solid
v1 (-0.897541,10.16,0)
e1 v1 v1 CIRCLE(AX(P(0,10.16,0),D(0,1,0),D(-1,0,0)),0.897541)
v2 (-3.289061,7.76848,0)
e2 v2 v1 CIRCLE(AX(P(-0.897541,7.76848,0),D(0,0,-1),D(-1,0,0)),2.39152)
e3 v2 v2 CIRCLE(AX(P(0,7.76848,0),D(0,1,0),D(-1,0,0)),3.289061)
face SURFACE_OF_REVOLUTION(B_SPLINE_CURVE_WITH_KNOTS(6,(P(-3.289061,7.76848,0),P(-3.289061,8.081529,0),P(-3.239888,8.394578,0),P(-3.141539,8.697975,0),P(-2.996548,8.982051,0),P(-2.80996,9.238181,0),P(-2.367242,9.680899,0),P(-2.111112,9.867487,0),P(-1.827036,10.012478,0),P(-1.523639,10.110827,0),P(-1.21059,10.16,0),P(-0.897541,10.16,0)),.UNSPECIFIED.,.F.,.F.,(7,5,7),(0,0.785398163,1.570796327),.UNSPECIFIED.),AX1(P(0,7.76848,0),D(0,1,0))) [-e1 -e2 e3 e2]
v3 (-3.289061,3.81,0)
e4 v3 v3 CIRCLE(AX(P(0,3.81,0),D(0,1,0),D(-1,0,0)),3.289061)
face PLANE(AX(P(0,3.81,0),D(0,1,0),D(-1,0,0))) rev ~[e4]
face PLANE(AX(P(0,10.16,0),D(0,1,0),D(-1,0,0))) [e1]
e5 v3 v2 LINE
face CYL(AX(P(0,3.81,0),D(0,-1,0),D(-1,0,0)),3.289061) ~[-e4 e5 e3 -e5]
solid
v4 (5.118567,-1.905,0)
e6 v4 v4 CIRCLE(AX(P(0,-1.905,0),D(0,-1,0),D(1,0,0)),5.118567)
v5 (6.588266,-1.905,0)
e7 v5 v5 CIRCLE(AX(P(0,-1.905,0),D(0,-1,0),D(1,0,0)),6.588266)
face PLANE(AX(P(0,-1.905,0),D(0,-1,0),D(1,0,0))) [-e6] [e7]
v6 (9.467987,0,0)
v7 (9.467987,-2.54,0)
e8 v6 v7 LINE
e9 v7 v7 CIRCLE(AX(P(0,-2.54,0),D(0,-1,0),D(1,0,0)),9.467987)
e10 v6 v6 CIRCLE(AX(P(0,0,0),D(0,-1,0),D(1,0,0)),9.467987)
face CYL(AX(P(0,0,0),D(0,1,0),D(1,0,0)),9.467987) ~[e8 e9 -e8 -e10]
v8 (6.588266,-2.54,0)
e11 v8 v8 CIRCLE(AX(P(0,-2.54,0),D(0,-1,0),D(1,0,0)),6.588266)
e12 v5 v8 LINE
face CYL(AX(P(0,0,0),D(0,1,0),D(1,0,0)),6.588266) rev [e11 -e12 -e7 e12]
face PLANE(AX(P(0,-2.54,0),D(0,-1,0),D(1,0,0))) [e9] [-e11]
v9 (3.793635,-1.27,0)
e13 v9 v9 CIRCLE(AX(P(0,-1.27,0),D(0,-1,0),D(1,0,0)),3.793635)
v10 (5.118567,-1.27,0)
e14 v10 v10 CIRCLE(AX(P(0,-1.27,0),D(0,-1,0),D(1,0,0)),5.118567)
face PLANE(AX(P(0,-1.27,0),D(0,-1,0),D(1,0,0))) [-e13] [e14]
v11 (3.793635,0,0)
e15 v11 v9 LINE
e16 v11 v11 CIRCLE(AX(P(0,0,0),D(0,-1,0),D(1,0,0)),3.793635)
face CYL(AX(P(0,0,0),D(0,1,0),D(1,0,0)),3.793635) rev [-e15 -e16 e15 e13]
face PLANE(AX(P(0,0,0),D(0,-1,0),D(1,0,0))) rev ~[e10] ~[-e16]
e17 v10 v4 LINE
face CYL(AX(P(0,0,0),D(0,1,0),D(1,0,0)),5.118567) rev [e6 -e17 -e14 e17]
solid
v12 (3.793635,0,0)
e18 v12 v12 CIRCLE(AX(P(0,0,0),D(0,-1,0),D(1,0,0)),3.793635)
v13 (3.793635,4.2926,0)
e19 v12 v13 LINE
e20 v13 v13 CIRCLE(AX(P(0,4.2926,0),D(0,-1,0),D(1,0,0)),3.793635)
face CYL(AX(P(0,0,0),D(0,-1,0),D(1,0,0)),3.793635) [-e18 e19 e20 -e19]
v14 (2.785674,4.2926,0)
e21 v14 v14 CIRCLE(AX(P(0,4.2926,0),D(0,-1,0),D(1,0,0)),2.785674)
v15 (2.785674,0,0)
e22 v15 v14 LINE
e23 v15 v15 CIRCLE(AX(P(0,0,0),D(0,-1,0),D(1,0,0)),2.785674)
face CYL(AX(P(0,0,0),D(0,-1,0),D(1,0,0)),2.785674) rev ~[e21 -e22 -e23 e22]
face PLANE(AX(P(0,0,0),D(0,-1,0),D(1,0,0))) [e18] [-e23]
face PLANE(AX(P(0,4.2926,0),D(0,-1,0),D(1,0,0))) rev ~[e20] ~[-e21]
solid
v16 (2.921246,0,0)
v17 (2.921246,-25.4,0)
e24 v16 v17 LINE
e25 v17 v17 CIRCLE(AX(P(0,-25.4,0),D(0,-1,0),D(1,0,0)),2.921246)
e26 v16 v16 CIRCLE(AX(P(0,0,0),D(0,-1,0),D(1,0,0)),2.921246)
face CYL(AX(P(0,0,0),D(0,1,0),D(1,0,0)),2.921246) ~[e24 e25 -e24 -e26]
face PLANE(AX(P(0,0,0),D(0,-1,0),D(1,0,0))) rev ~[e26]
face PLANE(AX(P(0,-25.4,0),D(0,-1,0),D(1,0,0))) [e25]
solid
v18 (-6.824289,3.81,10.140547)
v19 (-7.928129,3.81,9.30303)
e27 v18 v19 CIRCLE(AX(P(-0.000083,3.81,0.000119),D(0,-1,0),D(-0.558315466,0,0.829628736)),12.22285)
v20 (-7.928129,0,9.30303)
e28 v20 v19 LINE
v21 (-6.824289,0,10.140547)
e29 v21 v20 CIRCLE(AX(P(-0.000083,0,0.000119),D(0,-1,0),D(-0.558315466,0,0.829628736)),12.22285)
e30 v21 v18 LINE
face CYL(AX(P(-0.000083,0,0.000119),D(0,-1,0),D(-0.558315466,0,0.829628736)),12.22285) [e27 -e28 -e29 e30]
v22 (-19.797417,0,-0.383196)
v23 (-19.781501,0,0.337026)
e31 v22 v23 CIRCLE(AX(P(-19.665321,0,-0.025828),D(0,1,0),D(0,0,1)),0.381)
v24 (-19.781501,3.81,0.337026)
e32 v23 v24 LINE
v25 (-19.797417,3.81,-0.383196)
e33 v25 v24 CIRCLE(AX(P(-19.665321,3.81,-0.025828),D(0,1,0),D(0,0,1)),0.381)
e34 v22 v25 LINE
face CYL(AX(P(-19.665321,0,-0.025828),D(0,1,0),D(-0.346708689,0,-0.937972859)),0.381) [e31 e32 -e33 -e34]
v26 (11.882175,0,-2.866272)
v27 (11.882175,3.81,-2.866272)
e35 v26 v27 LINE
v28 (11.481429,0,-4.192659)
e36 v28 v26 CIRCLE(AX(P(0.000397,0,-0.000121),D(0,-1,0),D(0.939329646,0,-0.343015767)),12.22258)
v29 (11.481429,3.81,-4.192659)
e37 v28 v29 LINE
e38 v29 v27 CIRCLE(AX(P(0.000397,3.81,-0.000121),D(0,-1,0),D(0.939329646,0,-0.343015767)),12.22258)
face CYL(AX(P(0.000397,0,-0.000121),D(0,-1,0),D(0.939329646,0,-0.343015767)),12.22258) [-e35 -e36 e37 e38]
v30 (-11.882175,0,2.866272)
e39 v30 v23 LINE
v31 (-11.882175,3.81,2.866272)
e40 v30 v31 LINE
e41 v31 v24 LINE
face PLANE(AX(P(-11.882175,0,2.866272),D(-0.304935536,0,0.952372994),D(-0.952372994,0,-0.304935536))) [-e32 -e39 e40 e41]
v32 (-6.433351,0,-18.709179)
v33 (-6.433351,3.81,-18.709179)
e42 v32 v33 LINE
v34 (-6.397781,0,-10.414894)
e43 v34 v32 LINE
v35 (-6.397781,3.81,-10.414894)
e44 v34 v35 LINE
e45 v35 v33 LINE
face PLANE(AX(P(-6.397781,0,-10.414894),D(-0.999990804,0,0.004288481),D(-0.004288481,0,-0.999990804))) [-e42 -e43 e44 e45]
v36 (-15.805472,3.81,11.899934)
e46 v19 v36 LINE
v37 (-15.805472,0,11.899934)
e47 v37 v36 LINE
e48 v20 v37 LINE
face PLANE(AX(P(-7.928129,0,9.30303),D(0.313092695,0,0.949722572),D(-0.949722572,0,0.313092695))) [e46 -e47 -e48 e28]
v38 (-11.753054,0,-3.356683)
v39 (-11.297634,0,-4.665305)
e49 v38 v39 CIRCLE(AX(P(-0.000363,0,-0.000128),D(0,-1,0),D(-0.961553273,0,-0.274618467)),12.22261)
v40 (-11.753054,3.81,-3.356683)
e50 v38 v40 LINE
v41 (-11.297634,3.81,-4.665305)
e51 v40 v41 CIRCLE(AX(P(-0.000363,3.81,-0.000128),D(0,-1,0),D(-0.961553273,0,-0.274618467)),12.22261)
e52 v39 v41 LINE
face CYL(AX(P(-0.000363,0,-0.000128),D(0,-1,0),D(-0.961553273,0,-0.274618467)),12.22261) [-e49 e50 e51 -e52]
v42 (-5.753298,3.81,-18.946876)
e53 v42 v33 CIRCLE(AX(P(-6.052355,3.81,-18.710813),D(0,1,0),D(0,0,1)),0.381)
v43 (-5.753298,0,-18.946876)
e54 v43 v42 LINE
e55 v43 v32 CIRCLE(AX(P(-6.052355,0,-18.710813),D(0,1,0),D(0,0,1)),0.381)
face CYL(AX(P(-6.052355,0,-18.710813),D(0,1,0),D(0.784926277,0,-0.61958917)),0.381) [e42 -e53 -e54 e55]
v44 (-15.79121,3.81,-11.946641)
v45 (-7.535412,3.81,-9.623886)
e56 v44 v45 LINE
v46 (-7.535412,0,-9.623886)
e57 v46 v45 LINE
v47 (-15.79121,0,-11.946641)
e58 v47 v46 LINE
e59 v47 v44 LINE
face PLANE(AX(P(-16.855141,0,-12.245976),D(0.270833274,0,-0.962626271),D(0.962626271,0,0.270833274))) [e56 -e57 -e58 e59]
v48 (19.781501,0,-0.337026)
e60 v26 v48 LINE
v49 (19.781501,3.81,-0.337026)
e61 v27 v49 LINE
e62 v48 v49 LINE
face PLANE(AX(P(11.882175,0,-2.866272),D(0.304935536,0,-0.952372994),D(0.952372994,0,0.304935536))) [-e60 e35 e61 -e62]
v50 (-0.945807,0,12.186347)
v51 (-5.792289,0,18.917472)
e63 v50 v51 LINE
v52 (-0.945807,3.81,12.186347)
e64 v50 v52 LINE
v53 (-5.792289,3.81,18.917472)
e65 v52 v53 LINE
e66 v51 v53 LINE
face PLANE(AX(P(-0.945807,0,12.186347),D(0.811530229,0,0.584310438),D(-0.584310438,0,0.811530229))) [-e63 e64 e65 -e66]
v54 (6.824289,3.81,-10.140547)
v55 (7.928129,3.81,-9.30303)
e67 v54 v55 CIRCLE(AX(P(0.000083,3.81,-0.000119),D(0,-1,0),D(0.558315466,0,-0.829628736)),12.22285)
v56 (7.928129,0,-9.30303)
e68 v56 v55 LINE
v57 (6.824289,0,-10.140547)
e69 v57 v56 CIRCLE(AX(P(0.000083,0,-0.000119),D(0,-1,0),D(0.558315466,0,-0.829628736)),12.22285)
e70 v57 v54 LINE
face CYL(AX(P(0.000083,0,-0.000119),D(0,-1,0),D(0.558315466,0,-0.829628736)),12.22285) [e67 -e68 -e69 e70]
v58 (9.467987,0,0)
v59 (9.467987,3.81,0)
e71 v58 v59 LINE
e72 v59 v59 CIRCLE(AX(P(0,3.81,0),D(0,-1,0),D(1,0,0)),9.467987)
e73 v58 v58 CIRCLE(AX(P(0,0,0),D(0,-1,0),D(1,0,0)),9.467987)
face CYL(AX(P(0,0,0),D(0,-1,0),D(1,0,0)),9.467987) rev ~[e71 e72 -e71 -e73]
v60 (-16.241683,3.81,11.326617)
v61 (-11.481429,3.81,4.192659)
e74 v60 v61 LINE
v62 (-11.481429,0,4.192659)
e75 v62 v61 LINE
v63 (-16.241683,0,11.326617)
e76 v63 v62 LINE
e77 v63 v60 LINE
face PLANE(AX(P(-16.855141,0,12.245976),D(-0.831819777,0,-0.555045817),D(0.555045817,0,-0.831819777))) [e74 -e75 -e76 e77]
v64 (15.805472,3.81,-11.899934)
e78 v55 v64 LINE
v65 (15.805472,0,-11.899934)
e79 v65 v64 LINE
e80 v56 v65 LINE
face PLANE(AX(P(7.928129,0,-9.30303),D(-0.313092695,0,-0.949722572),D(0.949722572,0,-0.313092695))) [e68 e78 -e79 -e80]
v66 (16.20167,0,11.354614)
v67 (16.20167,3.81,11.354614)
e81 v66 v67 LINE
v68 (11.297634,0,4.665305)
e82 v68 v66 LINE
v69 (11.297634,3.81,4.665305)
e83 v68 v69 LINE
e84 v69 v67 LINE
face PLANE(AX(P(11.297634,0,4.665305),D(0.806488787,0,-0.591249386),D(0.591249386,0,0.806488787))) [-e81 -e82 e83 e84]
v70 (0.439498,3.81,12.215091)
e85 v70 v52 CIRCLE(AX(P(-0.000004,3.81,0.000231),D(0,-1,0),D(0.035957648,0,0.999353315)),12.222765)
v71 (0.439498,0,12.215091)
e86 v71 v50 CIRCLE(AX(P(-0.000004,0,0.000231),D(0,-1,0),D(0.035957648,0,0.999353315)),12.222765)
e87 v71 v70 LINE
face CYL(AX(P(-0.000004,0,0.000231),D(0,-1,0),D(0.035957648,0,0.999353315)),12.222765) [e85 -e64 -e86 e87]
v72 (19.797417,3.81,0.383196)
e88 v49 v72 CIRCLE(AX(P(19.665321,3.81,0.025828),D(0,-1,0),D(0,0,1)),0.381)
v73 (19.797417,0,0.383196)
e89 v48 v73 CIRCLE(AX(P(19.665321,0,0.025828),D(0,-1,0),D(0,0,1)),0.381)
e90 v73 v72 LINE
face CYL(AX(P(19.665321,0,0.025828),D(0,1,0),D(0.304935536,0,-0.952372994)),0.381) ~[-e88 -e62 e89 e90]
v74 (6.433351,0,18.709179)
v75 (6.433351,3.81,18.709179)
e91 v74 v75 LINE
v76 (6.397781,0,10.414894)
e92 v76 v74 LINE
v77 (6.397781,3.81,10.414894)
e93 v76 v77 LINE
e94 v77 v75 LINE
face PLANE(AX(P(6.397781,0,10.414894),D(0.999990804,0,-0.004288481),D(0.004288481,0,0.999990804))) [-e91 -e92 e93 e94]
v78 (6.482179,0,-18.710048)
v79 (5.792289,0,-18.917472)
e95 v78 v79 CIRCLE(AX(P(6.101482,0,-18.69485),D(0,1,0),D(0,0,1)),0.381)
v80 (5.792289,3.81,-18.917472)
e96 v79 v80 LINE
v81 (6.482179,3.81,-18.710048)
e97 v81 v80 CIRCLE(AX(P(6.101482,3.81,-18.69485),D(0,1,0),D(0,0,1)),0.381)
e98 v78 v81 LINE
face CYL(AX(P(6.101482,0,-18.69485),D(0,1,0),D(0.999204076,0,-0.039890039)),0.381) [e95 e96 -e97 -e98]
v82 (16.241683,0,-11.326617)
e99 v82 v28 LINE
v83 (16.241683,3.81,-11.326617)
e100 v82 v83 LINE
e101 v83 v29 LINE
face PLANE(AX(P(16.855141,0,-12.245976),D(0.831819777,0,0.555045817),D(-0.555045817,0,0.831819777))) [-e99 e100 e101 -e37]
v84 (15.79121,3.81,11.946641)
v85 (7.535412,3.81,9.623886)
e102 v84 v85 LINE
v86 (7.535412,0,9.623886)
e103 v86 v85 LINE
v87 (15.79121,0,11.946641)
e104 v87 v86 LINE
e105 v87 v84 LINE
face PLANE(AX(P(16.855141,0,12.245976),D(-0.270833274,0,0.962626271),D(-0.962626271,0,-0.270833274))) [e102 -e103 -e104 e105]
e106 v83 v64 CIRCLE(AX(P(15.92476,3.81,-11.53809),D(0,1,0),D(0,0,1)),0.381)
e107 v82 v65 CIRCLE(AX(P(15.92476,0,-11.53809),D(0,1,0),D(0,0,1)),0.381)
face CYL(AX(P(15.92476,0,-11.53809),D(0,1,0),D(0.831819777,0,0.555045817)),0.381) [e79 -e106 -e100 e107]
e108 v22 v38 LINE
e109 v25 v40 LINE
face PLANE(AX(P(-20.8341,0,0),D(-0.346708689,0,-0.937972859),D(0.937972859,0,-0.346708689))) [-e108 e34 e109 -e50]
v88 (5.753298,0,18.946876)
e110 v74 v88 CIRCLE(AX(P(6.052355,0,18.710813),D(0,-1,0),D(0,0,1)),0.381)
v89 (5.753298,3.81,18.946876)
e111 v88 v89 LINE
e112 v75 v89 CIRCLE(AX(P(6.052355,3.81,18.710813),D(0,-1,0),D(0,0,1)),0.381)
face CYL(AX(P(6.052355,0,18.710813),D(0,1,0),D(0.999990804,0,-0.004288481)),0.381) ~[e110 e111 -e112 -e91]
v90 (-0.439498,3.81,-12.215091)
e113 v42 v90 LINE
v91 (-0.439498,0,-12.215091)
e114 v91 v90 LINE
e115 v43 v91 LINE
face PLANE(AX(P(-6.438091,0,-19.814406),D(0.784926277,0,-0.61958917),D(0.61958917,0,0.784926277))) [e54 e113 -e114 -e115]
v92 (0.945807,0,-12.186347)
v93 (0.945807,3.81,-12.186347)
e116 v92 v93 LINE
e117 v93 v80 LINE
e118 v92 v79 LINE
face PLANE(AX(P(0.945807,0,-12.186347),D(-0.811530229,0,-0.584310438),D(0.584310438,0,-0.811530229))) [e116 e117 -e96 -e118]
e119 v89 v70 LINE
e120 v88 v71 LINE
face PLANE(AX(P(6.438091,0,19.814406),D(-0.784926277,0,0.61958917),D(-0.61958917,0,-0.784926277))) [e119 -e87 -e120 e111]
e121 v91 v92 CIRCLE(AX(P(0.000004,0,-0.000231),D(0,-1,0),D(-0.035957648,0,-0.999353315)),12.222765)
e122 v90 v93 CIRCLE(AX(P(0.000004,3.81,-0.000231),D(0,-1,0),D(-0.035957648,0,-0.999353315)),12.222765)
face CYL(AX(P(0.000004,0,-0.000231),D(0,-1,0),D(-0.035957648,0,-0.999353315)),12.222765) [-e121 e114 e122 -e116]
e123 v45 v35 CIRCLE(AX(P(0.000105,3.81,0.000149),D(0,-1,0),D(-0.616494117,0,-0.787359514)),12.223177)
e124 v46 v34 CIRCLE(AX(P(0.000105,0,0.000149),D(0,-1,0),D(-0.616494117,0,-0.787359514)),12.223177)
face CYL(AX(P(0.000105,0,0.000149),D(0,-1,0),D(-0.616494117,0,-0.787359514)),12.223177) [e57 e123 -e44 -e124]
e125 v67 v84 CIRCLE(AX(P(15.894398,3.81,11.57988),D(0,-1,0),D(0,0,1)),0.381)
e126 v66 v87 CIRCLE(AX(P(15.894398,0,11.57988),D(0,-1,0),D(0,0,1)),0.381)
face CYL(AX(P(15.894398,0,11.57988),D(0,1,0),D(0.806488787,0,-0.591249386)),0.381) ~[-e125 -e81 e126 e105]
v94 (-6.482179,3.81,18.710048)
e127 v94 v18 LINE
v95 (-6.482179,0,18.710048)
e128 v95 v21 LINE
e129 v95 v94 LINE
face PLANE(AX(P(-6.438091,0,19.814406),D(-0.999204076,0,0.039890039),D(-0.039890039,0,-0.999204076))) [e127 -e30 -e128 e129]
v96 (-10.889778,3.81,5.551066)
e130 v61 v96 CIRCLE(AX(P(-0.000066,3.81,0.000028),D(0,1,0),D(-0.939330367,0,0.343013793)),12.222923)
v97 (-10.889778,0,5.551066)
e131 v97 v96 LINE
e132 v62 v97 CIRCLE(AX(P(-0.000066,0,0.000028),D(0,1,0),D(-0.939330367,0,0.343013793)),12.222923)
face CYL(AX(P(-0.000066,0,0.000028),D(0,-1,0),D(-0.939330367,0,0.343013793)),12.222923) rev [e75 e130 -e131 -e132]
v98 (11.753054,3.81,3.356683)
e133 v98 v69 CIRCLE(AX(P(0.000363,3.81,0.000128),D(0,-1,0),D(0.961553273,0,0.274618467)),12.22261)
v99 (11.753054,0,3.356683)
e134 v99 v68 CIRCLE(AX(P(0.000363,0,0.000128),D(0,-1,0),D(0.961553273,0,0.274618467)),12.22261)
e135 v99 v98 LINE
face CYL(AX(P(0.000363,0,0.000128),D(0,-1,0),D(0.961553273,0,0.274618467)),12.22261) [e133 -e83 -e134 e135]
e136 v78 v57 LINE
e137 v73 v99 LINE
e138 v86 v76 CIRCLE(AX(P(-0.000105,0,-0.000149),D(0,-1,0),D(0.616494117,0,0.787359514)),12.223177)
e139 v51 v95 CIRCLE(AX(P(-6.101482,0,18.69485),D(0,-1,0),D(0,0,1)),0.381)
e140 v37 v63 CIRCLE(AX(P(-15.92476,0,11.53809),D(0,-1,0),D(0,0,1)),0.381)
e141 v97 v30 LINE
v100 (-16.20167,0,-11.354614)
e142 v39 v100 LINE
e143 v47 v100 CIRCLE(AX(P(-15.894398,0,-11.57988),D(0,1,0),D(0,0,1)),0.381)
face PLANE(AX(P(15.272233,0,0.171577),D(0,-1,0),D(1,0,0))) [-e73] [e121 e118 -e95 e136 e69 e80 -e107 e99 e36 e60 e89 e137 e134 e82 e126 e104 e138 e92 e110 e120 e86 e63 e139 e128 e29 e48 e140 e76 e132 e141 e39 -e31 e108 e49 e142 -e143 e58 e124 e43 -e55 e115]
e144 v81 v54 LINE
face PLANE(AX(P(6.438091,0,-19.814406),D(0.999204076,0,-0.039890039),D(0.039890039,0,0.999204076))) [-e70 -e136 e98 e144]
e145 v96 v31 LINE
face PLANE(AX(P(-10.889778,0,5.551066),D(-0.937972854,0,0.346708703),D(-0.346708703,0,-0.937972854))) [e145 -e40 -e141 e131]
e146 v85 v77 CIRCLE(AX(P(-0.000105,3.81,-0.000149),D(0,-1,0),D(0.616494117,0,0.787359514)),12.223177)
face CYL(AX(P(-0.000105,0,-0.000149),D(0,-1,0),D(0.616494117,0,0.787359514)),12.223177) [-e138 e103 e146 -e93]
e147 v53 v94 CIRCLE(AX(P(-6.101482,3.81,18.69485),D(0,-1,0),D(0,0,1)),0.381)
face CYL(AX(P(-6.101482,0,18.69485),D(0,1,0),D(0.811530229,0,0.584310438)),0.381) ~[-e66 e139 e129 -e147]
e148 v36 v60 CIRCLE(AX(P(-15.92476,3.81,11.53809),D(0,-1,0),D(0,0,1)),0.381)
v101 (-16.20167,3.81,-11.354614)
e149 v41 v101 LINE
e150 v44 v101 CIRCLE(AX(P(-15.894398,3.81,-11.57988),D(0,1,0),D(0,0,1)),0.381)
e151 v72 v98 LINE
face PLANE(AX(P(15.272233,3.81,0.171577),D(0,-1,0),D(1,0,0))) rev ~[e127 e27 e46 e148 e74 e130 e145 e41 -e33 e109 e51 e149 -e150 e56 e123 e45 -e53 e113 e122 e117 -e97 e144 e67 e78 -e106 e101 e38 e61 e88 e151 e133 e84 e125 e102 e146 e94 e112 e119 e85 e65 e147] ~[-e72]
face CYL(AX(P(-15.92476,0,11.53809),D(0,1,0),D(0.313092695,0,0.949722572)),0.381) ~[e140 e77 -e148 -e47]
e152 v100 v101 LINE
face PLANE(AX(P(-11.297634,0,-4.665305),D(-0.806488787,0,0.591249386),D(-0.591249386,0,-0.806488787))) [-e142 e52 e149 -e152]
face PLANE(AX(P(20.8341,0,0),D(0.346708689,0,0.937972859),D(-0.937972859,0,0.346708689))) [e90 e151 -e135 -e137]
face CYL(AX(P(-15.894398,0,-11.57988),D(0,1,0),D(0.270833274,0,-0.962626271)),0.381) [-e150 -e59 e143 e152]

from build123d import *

# Parameters (mm, degrees)
F0_R      = 9.467987
F1_DEPTH  = 3.81
F2_R      = 2.921246
F3_DEPTH  = 25.4
F4_R      = 3.289061
F5_DEPTH  = 6.35
F6_R      = 0.381
F0_R_2    = 6.588266
F7_DEPTH  = 2.54
F0_R_3    = 5.118567
F8_DEPTH  = 1.905
F0_R_4    = 3.793635
F9_DEPTH  = 1.27
F0_R_5    = 2.785674
F10_DEPTH = 4.2926
F11_R     = 2.39152


with BuildPart() as f1:
    # F0 (on Front) → F1 (new body)
    with BuildSketch(Plane.XZ):
        with BuildLine():
            ThreePointArc((11.753054, 3.356683), (12.10494, 1.69471), (12.222995, 0))
            ThreePointArc((12.222995, 0), (12.137491, -1.443232), (11.882175, -2.866272))
            Line((11.882175, -2.866272), (20.8341, 0))
            Line((20.8341, 0), (11.753054, 3.356683))
        make_face()
        with BuildLine():
            ThreePointArc((7.535412, 9.623886), (9.737443, 7.388086), (11.297634, 4.665305))
            Line((11.297634, 4.665305), (16.855141, 12.245976))
            Line((16.855141, 12.245976), (7.535412, 9.623886))
        make_face()
        with BuildLine():
            ThreePointArc((-6.824289, 10.140547), (-4.017452, 11.543903), (-0.945807, 12.186347))
            Line((-0.945807, 12.186347), (-6.438091, 19.814406))
            Line((-6.438091, 19.814406), (-6.824289, 10.140547))
        make_face()
        with BuildLine():
            ThreePointArc((0.439498, 12.215091), (3.535148, 11.700613), (6.397781, 10.414894))
            Line((6.397781, 10.414894), (6.438091, 19.814406))
            Line((6.438091, 19.814406), (0.439498, 12.215091))
        make_face()
        with BuildLine():
            ThreePointArc((-10.889778, 5.551066), (-9.59415, 7.573235), (-7.928129, 9.30303))
            Line((-7.928129, 9.30303), (-16.855141, 12.245976))
            Line((-16.855141, 12.245976), (-11.481429, 4.192659))
            ThreePointArc((-11.481429, 4.192659), (-11.206206, 4.880835), (-10.889778, 5.551066))
        make_face()
        with BuildLine():
            ThreePointArc((-11.753054, -3.356683), (-12.220365, -0.253562), (-11.882175, 2.866272))
            Line((-11.882175, 2.866272), (-20.8341, 0))
            Line((-20.8341, 0), (-11.753054, -3.356683))
        make_face()
        with BuildLine():
            Line((-16.855141, -12.245976), (-7.535412, -9.623886))
            ThreePointArc((-7.535412, -9.623886), (-9.737443, -7.388086), (-11.297634, -4.665305))
            Line((-11.297634, -4.665305), (-16.855141, -12.245976))
        make_face()
        with BuildLine():
            Line((-6.438091, -19.814406), (-0.439498, -12.215091))
            ThreePointArc((-0.439498, -12.215091), (-3.535148, -11.700613), (-6.397781, -10.414894))
            Line((-6.397781, -10.414894), (-6.438091, -19.814406))
        make_face()
        with BuildLine():
            Line((6.438091, -19.814406), (6.824289, -10.140547))
            ThreePointArc((6.824289, -10.140547), (4.017452, -11.543903), (0.945807, -12.186347))
            Line((0.945807, -12.186347), (6.438091, -19.814406))
        make_face()
        with BuildLine():
            Line((16.855141, -12.245976), (11.481429, -4.192659))
            ThreePointArc((11.481429, -4.192659), (10.035523, -6.977814), (7.928129, -9.30303))
            Line((7.928129, -9.30303), (16.855141, -12.245976))
        make_face()
        with BuildLine():
            ThreePointArc((11.882175, -2.866272), (12.137491, -1.443232), (12.222995, 0))
            ThreePointArc((12.222995, 0), (12.10494, 1.69471), (11.753054, 3.356683))
            ThreePointArc((11.753054, 3.356683), (11.543903, 4.017452), (11.297634, 4.665305))
            ThreePointArc((11.297634, 4.665305), (9.737443, 7.388086), (7.535412, 9.623886))
            ThreePointArc((7.535412, 9.623886), (6.977814, 10.035523), (6.397781, 10.414894))
            ThreePointArc((6.397781, 10.414894), (3.535148, 11.700613), (0.439498, 12.215091))
            ThreePointArc((0.439498, 12.215091), (-0.253562, 12.220365), (-0.945807, 12.186347))
            ThreePointArc((-0.945807, 12.186347), (-4.017452, 11.543903), (-6.824289, 10.140547))
            ThreePointArc((-6.824289, 10.140547), (-7.388086, 9.737443), (-7.928129, 9.30303))
            ThreePointArc((-7.928129, 9.30303), (-9.59415, 7.573235), (-10.889778, 5.551066))
            Line((-10.889778, 5.551066), (-11.882175, 2.866272))
            ThreePointArc((-11.882175, 2.866272), (-12.220365, -0.253562), (-11.753054, -3.356683))
            ThreePointArc((-11.753054, -3.356683), (-11.543903, -4.017452), (-11.297634, -4.665305))
            ThreePointArc((-11.297634, -4.665305), (-9.737443, -7.388086), (-7.535412, -9.623886))
            ThreePointArc((-7.535412, -9.623886), (-6.977814, -10.035523), (-6.397781, -10.414894))
            ThreePointArc((-6.397781, -10.414894), (-3.535148, -11.700613), (-0.439498, -12.215091))
            ThreePointArc((-0.439498, -12.215091), (0.253562, -12.220365), (0.945807, -12.186347))
            ThreePointArc((0.945807, -12.186347), (4.017452, -11.543903), (6.824289, -10.140547))
            ThreePointArc((6.824289, -10.140547), (7.388086, -9.737443), (7.928129, -9.30303))
            ThreePointArc((7.928129, -9.30303), (10.035523, -6.977814), (11.481429, -4.192659))
            ThreePointArc((11.481429, -4.192659), (11.700613, -3.535148), (11.882175, -2.866272))
        make_face()
        Circle(F0_R, mode=Mode.SUBTRACT)
    extrude(amount=-F1_DEPTH)

    # F6
    f6_edges = [f1.edges().sort_by_distance(p)[0] for p in [
        (-20.8341, 1.905, 0),
        (-16.855141, 1.905, -12.245976),
        (-6.438091, 1.905, -19.814406),
        (6.438091, 1.905, -19.814406),
        (16.855141, 1.905, -12.245976),
        (20.8341, 1.905, 0),
        (16.855141, 1.905, 12.245976),
        (6.438091, 1.905, 19.814406),
        (-6.438091, 1.905, 19.814406),
        (-16.855141, 1.905, 12.245976),
    ]]
    fillet(f6_edges, radius=F6_R)


with BuildPart() as f3:
    # F2 (on face) → F3 (new body)
    with BuildSketch(Plane.XZ):
        Circle(F2_R)
    extrude(amount=F3_DEPTH)


with BuildPart() as f5:
    # F4 (on face) → F5 (new body)
    with BuildSketch(Plane(origin=(0, 3.81, 0), x_dir=(-1, 0, 0), z_dir=(0, 1, 0))):
        Circle(F4_R)
    extrude(amount=F5_DEPTH)

    # F11
    f11_edges = [f5.edges().sort_by_distance(p)[0] for p in [
        (3.289061, 10.16, 0),
    ]]
    fillet(f11_edges, radius=F11_R)


with BuildPart() as f7:
    # F0 (on Front) → F7 (new body)
    with BuildSketch(Plane.XZ):
        Circle(F0_R)
        Circle(F0_R_2, mode=Mode.SUBTRACT)
    extrude(amount=F7_DEPTH)

    # F0 (on Front) → F8 (join)
    with BuildSketch(Plane.XZ):
        Circle(F0_R_2)
        Circle(F0_R_3, mode=Mode.SUBTRACT)
    extrude(amount=F8_DEPTH)

    # F0 (on Front) → F9 (join)
    with BuildSketch(Plane.XZ):
        Circle(F0_R_3)
        Circle(F0_R_4, mode=Mode.SUBTRACT)
    extrude(amount=F9_DEPTH)


with BuildPart() as f10:
    # F0 (on Front) → F10 (new body)
    with BuildSketch(Plane.XZ):
        Circle(F0_R_4)
        Circle(F0_R_5, mode=Mode.SUBTRACT)
    extrude(amount=-F10_DEPTH)


solid = Compound([f1.part, f3.part, f5.part, f7.part, f10.part])
